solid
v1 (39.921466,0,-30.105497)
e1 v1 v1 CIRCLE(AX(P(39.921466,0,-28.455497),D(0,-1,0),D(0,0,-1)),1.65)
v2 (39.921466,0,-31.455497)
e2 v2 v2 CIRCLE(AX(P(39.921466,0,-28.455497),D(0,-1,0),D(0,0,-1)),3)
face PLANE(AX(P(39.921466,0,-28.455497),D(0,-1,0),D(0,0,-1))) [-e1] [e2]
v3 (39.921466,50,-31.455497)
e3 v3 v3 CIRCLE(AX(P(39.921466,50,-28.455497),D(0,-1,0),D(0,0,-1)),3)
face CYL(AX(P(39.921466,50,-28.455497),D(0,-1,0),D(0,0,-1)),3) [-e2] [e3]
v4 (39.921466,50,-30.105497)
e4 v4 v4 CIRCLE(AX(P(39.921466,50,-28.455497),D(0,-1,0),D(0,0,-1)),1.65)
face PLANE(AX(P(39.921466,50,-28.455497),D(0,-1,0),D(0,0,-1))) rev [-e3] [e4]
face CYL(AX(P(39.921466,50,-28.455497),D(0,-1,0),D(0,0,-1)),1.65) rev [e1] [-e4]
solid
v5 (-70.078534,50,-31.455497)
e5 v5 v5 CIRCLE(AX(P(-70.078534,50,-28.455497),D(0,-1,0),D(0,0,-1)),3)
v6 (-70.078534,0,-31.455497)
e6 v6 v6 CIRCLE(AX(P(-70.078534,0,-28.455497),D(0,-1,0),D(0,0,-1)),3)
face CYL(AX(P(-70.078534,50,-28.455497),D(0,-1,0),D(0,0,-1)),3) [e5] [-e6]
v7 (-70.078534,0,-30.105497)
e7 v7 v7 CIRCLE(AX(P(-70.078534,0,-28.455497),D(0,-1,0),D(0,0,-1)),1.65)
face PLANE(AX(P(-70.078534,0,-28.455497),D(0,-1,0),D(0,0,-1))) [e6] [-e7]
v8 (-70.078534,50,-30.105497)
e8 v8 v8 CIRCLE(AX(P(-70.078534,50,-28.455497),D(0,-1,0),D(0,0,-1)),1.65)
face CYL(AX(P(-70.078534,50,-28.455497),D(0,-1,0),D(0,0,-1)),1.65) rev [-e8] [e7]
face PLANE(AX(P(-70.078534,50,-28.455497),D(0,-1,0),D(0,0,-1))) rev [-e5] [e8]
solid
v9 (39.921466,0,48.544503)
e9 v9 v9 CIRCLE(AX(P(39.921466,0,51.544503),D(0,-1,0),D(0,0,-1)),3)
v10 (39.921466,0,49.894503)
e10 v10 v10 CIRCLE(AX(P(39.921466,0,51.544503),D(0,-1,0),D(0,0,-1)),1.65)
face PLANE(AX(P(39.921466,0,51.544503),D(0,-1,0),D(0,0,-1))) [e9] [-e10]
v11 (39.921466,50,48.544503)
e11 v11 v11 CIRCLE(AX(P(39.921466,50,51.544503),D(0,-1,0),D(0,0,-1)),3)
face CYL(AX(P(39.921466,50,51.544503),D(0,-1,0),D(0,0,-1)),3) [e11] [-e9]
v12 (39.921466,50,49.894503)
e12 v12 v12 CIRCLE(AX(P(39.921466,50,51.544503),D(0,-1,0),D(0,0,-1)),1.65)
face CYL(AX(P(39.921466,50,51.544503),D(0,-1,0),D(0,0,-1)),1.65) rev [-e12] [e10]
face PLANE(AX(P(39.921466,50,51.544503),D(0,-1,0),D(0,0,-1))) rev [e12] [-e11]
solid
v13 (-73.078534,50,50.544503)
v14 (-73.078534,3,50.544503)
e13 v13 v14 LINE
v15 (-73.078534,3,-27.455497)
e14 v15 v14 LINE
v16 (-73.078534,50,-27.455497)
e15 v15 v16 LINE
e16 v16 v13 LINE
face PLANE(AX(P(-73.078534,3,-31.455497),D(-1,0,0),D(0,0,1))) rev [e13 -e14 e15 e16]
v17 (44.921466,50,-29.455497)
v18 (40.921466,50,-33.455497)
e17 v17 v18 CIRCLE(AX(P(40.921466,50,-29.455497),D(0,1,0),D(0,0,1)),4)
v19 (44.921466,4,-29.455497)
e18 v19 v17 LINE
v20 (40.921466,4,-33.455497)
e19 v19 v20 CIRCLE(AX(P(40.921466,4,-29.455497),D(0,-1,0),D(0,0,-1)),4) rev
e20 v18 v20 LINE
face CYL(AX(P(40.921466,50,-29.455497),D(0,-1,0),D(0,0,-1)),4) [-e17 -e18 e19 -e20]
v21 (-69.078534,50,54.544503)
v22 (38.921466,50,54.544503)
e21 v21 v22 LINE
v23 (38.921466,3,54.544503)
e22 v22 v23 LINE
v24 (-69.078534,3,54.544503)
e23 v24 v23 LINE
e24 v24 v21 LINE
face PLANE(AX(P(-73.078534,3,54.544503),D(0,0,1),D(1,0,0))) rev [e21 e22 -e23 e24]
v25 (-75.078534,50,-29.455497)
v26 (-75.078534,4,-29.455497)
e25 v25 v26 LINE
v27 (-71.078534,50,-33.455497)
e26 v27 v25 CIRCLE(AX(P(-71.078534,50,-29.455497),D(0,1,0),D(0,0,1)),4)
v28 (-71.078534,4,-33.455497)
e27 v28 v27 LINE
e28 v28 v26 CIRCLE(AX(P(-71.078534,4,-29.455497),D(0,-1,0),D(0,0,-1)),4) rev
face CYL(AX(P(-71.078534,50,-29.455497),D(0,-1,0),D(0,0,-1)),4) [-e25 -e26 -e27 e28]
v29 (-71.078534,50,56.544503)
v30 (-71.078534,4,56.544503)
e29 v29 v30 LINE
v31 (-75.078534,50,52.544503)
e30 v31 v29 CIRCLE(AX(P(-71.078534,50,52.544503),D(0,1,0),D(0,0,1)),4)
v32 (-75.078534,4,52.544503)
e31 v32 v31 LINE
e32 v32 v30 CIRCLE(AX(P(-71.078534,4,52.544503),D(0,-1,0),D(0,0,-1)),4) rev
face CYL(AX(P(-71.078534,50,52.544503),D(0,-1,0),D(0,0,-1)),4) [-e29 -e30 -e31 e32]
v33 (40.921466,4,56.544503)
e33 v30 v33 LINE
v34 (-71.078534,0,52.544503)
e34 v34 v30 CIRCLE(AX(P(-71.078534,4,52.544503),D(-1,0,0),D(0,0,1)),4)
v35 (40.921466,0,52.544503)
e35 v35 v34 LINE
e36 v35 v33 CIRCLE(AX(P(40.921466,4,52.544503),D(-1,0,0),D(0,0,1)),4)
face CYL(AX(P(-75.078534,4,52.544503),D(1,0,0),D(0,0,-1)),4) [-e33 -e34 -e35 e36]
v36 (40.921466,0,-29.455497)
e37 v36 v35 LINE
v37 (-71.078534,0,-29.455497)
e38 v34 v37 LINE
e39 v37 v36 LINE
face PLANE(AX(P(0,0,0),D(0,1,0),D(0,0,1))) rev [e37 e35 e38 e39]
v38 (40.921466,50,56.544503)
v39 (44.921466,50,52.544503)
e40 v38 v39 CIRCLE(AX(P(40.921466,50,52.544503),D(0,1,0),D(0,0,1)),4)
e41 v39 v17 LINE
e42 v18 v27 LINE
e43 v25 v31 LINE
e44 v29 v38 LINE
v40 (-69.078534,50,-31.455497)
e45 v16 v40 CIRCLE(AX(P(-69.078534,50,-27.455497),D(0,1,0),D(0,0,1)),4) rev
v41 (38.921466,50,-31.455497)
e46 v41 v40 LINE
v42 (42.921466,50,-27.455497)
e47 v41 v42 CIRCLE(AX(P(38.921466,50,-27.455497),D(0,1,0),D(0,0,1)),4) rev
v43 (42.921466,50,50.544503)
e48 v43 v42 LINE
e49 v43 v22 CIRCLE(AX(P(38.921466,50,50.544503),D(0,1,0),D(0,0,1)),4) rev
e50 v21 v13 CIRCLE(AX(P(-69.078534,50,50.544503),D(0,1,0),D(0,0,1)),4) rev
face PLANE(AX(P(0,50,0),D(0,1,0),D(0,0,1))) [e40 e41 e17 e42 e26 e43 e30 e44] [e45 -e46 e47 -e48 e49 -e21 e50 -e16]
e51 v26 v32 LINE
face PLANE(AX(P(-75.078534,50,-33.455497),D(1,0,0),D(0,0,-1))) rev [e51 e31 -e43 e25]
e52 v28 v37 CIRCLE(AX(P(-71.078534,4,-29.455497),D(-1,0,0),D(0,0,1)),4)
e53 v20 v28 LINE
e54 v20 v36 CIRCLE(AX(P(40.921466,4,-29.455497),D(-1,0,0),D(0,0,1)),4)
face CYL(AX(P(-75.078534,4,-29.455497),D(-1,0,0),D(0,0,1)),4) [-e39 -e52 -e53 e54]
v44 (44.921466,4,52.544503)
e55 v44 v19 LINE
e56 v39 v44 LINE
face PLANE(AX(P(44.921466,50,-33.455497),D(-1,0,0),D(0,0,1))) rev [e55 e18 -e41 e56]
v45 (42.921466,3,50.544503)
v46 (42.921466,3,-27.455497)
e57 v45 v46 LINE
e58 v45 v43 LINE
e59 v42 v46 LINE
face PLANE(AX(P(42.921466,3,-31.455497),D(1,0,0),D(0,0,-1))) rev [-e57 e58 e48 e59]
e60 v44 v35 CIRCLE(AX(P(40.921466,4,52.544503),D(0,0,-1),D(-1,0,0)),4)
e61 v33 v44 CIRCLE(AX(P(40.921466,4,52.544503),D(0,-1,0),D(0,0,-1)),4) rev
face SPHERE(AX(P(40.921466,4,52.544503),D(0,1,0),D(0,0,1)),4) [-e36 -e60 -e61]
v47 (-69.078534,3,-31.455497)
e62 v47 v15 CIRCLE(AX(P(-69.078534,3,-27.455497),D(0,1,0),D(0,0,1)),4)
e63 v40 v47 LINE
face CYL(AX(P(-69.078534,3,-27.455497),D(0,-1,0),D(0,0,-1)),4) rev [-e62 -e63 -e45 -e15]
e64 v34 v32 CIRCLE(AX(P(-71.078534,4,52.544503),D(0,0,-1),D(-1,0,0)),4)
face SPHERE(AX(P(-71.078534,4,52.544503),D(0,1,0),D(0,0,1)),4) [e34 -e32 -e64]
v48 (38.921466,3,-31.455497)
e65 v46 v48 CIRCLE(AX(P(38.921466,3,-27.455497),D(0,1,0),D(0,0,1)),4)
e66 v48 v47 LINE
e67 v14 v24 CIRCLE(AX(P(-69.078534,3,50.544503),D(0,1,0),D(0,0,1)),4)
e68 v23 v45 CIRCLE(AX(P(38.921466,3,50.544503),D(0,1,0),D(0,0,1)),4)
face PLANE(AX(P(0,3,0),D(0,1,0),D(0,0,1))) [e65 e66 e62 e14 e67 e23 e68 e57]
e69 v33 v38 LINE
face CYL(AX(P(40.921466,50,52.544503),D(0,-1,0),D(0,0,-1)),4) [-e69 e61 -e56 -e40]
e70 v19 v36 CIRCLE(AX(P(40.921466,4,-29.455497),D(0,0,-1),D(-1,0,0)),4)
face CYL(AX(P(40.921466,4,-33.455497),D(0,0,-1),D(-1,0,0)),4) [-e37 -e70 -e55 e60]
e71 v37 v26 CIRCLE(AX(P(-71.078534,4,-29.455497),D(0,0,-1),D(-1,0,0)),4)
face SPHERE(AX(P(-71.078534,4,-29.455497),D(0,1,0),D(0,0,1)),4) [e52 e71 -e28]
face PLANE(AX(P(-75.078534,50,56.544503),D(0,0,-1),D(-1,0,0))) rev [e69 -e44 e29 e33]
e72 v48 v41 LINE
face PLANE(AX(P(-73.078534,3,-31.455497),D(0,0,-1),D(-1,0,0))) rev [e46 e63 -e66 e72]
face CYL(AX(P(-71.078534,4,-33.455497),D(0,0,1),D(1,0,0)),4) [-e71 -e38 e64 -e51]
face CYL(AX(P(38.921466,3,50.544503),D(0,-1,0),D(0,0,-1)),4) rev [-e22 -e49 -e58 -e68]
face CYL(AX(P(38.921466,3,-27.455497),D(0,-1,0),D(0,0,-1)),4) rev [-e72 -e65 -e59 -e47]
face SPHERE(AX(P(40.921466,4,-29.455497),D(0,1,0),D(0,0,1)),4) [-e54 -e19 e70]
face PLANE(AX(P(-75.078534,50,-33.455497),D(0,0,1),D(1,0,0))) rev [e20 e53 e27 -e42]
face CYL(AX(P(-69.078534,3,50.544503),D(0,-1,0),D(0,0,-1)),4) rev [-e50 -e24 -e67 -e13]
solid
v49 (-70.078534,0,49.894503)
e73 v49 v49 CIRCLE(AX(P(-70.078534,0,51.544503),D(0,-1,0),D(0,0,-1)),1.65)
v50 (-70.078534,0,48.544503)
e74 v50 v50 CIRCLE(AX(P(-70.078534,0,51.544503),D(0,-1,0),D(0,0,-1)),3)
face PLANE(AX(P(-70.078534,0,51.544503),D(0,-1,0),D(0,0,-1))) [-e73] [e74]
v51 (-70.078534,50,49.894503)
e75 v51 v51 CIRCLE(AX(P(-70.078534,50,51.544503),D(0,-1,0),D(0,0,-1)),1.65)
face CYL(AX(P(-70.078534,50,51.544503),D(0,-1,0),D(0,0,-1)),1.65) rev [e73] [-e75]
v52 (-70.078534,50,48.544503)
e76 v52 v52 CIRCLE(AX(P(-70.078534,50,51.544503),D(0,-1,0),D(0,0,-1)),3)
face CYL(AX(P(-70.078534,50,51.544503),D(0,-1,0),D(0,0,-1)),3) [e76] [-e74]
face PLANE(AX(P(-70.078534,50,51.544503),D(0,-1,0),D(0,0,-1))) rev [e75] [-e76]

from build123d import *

# Parameters (mm, degrees)
SKETCH1_W             = 120
SKETCH1_H             = 90
BOSS_EXTRUDE1_DEPTH   = 50
SKETCH2_W             = 116
SKETCH2_H             = 86
CUT_EXTRUDE1_DEPTH    = 47
SKETCH5_R             = 3
SKETCH5_R_2           = 1.65
BOSS_EXTRUDE5_DEPTH   = 50
BOSS_EXTRUDE5_2_DEPTH = 50
BOSS_EXTRUDE5_3_DEPTH = 50
BOSS_EXTRUDE5_4_DEPTH = 50
FILLET1_R             = 4
FILLET2_R             = 4
FILLET3_R             = 4


with BuildPart() as part:
    # Sketch1 → Boss-Extrude1 (new body)
    with BuildSketch(Plane(origin=(0, 0, 0), x_dir=(1, 0, 0), z_dir=(0, 1, 0))):
        with Locations((-15.078534031, -11.544502618)):
            Rectangle(SKETCH1_W, SKETCH1_H)
    extrude(amount=BOSS_EXTRUDE1_DEPTH)

    # Sketch2 → Cut-Extrude1 (cut)
    with BuildSketch(Plane(origin=(0, 50, 0), x_dir=(1, 0, 0), z_dir=(0, 1, 0))):
        with Locations((-15.078534031, -11.544502618)):
            Rectangle(SKETCH2_W, SKETCH2_H)
    extrude(amount=-CUT_EXTRUDE1_DEPTH, mode=Mode.SUBTRACT)

    # Fillet1
    fillet1_edges = [part.edges().sort_by_distance(p)[0] for p in [
        (-75.078534031, 25, -33.455497382),
        (44.921465969, 25, -33.455497382),
        (44.921465969, 25, 56.544502618),
        (-75.078534031, 25, 56.544502618),
    ]]
    fillet(fillet1_edges, radius=FILLET1_R)

    # Fillet2
    fillet2_edges = [part.edges().sort_by_distance(p)[0] for p in [
        (-15.078534031, 0, -33.455497382),
        (-75.078534031, 0, 11.544502618),
        (44.921465969, 0, 11.544502618),
        (-15.078534031, 0, 56.544502618),
        (-73.906961156, 0, -32.283924507),
        (-73.906961156, 0, 55.372929743),
        (43.749893093, 0, 55.372929743),
        (43.749893093, 0, -32.283924507),
    ]]
    fillet(fillet2_edges, radius=FILLET2_R)

    # Fillet3
    fillet3_edges = [part.edges().sort_by_distance(p)[0] for p in [
        (-73.078534031, 26.5, 54.544502618),
        (-73.078534031, 26.5, -31.455497382),
        (42.921465969, 26.5, -31.455497382),
        (42.921465969, 26.5, 54.544502618),
    ]]
    fillet(fillet3_edges, radius=FILLET3_R)


with BuildPart() as body_2:
    # Sketch5 → Boss-Extrude5 (new body)
    with BuildSketch(Plane.XZ):
        with Locations(Location((39.921465969, 51.544502618, 0), (0, 0, 270))):
            Circle(SKETCH5_R)
        with Locations(Location((39.921465969, 51.544502618, 0), (0, 0, 270))):
            Circle(SKETCH5_R_2, mode=Mode.SUBTRACT)
    extrude(amount=-BOSS_EXTRUDE5_DEPTH)


with BuildPart() as body_3:
    # Sketch5 → Boss-Extrude5 2 (new body)
    with BuildSketch(Plane.XZ):
        with Locations(Location((-70.078534031, -28.455497382, 0), (0, 0, 270))):
            Circle(SKETCH5_R)
        with Locations(Location((-70.078534031, -28.455497382, 0), (0, 0, 270))):
            Circle(SKETCH5_R_2, mode=Mode.SUBTRACT)
    extrude(amount=-BOSS_EXTRUDE5_2_DEPTH)


with BuildPart() as body_4:
    # Sketch5 → Boss-Extrude5 3 (new body)
    with BuildSketch(Plane.XZ):
        with Locations(Location((-70.078534031, 51.544502618, 0), (0, 0, 270))):
            Circle(SKETCH5_R)
        with Locations(Location((-70.078534031, 51.544502618, 0), (0, 0, 270))):
            Circle(SKETCH5_R_2, mode=Mode.SUBTRACT)
    extrude(amount=-BOSS_EXTRUDE5_3_DEPTH)


with BuildPart() as body_5:
    # Sketch5 → Boss-Extrude5 4 (new body)
    with BuildSketch(Plane.XZ):
        with Locations(Location((39.921465969, -28.455497382, 0), (0, 0, 270))):
            Circle(SKETCH5_R)
        with Locations(Location((39.921465969, -28.455497382, 0), (0, 0, 270))):
            Circle(SKETCH5_R_2, mode=Mode.SUBTRACT)
    extrude(amount=-BOSS_EXTRUDE5_4_DEPTH)


solid = Compound([part.part, body_2.part, body_3.part, body_4.part, body_5.part])
